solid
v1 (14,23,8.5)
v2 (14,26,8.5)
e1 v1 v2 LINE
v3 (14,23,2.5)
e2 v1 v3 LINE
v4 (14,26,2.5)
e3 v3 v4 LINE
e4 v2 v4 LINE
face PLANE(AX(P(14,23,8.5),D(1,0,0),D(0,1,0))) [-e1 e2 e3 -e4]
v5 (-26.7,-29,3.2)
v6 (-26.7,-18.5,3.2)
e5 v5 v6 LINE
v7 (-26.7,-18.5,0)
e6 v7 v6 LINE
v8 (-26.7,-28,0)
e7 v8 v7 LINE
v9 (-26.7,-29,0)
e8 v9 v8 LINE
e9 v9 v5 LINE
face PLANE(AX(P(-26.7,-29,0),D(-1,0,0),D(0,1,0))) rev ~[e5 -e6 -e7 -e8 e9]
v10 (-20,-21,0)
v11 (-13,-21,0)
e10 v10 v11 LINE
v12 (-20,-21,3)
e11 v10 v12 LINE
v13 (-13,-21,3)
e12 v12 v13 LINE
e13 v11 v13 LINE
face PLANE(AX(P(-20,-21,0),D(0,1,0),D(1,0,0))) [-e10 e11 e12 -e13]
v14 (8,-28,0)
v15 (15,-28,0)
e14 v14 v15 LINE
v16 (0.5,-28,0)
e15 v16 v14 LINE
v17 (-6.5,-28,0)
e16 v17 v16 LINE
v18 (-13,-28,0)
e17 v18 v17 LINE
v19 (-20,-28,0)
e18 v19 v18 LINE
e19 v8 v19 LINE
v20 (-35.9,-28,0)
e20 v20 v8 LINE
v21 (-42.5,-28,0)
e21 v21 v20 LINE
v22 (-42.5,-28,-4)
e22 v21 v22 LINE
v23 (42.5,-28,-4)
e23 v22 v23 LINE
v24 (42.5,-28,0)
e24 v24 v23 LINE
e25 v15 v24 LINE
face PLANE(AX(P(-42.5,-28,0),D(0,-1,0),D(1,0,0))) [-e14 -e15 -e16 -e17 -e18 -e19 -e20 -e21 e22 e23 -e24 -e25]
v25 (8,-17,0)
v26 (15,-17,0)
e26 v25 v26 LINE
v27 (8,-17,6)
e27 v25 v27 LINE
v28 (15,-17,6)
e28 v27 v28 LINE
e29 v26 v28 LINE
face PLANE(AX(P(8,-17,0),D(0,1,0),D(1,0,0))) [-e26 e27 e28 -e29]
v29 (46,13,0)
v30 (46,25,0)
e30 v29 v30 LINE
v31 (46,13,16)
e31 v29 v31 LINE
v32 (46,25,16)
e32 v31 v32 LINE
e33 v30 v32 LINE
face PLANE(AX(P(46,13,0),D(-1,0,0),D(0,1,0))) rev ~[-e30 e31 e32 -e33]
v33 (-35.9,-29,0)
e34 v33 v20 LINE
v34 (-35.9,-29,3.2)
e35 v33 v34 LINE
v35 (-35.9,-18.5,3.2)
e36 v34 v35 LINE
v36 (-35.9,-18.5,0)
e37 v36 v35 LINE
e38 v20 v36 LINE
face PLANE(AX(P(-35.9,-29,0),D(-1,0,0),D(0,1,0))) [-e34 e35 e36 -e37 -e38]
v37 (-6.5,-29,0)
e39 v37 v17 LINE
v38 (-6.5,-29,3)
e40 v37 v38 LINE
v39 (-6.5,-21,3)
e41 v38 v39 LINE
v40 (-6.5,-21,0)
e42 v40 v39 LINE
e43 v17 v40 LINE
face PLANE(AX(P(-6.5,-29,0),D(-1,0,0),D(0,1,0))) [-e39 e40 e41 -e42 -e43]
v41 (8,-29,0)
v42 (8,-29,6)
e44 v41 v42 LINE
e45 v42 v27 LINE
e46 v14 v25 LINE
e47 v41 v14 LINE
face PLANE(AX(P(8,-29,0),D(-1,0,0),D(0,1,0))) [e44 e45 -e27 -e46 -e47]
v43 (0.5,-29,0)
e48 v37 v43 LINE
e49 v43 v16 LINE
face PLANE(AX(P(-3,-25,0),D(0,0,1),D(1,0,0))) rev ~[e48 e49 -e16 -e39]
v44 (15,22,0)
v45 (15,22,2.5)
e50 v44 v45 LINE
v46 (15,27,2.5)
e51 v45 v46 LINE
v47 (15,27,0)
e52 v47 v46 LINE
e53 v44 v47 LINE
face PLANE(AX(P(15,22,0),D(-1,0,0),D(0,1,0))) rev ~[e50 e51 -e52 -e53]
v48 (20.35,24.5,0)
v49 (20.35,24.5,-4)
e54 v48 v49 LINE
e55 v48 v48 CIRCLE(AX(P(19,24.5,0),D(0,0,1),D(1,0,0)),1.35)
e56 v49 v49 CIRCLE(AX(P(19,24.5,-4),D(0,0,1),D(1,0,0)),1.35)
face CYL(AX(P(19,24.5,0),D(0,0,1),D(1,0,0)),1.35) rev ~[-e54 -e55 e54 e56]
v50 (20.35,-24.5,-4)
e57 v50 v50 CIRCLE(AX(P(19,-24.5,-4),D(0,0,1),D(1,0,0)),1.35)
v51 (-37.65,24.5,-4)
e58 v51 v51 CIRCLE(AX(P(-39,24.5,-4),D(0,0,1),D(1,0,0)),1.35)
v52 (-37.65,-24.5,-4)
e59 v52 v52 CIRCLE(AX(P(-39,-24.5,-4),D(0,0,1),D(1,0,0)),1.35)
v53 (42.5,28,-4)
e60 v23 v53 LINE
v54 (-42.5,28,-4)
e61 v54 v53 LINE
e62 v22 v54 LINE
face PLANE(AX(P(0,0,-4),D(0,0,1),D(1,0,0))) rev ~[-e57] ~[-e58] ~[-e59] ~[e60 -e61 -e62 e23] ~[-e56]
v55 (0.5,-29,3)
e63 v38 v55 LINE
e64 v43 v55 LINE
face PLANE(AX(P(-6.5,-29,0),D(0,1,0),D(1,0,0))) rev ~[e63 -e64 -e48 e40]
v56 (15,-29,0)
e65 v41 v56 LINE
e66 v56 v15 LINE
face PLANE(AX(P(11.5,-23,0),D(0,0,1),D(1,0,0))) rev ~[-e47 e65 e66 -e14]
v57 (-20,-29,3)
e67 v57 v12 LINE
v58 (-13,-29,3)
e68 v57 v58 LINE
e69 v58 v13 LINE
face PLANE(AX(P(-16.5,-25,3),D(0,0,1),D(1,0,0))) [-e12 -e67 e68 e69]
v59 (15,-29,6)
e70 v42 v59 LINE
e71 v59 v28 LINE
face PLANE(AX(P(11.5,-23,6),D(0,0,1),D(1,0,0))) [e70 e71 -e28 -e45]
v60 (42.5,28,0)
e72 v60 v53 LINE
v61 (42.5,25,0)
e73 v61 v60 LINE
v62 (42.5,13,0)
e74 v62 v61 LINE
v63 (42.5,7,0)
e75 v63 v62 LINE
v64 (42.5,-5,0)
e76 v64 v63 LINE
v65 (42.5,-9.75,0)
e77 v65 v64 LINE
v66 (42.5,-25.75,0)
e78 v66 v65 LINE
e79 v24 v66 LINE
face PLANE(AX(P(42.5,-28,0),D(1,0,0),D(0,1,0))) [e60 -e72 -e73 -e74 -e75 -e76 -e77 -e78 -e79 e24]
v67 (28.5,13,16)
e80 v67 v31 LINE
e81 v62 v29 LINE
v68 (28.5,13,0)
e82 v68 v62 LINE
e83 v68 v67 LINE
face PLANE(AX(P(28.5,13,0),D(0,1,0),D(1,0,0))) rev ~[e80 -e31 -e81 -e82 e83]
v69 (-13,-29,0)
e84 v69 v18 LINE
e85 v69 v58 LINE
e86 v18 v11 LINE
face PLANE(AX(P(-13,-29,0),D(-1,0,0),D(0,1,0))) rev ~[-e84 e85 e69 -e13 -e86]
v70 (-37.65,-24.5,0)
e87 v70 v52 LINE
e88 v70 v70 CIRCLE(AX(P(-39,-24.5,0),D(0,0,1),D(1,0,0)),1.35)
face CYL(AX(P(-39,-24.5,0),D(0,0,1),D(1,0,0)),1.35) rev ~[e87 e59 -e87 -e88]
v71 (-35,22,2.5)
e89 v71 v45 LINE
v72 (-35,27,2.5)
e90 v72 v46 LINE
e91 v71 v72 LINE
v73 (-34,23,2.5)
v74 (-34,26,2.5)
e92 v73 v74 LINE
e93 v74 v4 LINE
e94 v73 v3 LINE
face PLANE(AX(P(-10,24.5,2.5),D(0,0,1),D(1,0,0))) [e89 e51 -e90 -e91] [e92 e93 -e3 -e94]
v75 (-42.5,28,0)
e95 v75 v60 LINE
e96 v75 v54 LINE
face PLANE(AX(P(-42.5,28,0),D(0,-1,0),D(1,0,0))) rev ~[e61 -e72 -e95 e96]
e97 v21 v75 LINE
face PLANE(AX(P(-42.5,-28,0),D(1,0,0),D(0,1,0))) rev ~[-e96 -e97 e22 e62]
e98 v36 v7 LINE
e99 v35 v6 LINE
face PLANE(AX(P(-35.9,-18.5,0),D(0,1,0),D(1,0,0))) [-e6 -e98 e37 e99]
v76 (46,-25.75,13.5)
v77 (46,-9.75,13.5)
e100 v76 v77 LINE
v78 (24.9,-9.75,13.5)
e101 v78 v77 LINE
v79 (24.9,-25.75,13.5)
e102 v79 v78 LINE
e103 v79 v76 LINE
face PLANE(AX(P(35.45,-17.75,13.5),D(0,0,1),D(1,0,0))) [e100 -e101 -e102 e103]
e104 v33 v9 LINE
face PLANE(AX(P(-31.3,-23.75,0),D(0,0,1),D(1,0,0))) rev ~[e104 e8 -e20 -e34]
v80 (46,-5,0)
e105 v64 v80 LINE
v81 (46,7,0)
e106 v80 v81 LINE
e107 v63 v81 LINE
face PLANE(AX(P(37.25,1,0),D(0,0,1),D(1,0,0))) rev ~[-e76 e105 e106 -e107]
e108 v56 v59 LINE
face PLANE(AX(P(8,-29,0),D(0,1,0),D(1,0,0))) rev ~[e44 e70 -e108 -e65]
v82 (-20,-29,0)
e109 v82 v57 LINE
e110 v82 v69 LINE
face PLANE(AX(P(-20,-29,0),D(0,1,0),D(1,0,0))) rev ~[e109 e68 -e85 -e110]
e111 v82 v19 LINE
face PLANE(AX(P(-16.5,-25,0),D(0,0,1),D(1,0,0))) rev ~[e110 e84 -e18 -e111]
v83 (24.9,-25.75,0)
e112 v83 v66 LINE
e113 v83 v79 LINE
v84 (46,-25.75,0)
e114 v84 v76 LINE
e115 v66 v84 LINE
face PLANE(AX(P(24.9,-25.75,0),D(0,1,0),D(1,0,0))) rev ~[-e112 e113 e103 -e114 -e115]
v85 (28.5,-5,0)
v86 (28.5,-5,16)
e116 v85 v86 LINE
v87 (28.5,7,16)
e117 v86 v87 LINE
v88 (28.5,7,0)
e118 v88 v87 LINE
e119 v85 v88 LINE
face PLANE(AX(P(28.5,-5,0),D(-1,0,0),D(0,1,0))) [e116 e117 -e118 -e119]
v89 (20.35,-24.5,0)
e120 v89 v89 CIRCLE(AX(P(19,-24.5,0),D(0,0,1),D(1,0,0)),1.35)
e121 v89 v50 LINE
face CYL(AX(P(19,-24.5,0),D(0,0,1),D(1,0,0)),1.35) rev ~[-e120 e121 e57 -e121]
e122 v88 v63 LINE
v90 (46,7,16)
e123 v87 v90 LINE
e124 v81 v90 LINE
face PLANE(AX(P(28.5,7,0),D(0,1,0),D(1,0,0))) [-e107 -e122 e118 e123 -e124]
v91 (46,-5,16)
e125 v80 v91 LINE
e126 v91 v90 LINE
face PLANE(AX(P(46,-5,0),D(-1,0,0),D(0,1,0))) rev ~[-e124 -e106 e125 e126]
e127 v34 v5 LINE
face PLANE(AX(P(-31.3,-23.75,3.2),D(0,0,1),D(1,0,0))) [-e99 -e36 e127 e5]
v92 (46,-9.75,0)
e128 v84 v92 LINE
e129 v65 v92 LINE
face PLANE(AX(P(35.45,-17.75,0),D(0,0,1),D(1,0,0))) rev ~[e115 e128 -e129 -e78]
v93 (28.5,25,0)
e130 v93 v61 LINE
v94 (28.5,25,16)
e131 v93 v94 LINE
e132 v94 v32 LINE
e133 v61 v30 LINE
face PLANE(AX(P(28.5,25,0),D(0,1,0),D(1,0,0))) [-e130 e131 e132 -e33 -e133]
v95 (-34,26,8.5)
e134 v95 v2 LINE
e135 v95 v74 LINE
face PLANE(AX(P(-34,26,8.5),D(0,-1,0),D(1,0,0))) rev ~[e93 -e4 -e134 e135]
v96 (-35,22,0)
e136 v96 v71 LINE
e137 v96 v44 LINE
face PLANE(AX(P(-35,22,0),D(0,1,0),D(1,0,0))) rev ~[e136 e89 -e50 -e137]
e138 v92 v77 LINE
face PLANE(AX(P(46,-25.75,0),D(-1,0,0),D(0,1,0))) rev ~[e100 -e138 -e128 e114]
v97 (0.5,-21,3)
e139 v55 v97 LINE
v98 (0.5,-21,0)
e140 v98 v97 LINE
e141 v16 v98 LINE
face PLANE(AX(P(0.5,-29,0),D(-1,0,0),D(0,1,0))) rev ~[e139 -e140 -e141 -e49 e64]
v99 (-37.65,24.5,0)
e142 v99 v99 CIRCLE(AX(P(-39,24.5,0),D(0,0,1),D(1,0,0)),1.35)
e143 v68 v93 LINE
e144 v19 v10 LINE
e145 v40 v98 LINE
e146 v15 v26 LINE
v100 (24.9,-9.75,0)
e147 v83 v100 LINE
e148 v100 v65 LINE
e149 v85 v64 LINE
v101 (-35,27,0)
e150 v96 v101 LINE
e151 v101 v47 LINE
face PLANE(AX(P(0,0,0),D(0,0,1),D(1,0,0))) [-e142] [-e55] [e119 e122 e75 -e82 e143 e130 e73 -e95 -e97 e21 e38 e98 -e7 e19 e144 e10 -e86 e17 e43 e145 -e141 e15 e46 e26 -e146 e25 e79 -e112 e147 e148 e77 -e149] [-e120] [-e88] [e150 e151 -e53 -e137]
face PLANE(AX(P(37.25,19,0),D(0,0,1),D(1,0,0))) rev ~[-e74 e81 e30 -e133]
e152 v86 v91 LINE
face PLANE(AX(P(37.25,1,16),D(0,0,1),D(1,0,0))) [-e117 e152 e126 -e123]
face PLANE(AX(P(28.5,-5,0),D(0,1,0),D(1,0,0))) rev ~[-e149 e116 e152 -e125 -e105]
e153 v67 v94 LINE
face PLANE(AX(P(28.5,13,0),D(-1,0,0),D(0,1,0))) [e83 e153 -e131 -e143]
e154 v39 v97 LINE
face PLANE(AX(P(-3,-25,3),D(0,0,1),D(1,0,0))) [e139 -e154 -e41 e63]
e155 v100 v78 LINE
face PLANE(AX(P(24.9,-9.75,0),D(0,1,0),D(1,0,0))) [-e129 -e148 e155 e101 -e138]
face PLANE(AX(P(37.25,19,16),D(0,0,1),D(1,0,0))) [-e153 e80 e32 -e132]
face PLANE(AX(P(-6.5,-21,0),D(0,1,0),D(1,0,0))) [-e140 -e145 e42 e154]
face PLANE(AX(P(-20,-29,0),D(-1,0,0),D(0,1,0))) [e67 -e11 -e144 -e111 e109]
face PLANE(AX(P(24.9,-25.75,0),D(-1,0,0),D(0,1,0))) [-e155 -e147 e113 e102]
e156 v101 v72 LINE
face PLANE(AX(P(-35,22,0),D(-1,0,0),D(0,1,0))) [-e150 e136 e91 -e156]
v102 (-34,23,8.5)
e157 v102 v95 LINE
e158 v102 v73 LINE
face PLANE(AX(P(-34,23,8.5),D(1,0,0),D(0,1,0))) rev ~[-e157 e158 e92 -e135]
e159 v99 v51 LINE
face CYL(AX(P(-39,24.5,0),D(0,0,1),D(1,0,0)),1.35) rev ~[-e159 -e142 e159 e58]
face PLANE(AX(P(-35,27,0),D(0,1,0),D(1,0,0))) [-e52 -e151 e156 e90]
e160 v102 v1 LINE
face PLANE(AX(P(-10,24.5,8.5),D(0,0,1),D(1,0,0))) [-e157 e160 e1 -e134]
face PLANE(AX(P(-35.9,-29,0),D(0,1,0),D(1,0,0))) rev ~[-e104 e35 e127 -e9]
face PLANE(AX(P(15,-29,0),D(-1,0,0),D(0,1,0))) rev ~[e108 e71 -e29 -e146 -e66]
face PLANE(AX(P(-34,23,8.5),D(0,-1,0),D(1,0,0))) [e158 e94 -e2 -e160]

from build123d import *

# Parameters (mm, degrees)
SKETCH_W      = 85
SKETCH_H      = 56
SKETCH_R      = 1.35
PAD_DEPTH     = 4
SKETCH001_W   = 50
SKETCH001_H   = 5
PAD001_DEPTH  = 8.5
SKETCH002_W   = 50
SKETCH002_H   = 5
SKETCH002_W_2 = 48
SKETCH002_H_2 = 3
POCKET_DEPTH  = 6
SKETCH003_W   = 17.5
SKETCH003_H   = 12
PAD002_DEPTH  = 16
SKETCH004_W   = 21.1
SKETCH004_H   = 16
PAD003_DEPTH  = 13.5
SKETCH005_W   = 9.2
SKETCH005_H   = 10.5
PAD004_DEPTH  = 3.2
SKETCH006_W   = 7
SKETCH006_H   = 8
PAD005_DEPTH  = 3
SKETCH007_W   = 7
SKETCH007_H   = 12
PAD006_DEPTH  = 6


with BuildPart() as part:
    # Sketch → Pad (new body)
    with BuildSketch(Plane.XY):
        Rectangle(SKETCH_W, SKETCH_H)
        with Locations((-39, 24.5)):
            Circle(SKETCH_R, mode=Mode.SUBTRACT)
        with Locations((19, 24.5)):
            Circle(SKETCH_R, mode=Mode.SUBTRACT)
        with Locations((-39, -24.5)):
            Circle(SKETCH_R, mode=Mode.SUBTRACT)
        with Locations((19, -24.5)):
            Circle(SKETCH_R, mode=Mode.SUBTRACT)
    extrude(amount=-PAD_DEPTH)

    # Sketch001 (on Face9 of Pad) → Pad001 (join)
    with BuildSketch(Plane.XY):
        with Locations((-10, 24.5)):
            Rectangle(SKETCH001_W, SKETCH001_H)
    extrude(amount=PAD001_DEPTH)

    # Sketch002 (on Face15 of Pad001) → Pocket (cut)
    with BuildSketch(Plane.XY.offset(8.5)):
        with Locations((-10, 24.5)):
            Rectangle(SKETCH002_W, SKETCH002_H)
        with Locations((-10, 24.5)):
            Rectangle(SKETCH002_W_2, SKETCH002_H_2, mode=Mode.SUBTRACT)
    extrude(amount=-POCKET_DEPTH, mode=Mode.SUBTRACT)

    # Sketch003 (on Face4 of Pocket) → Pad002 (join)
    with BuildSketch(Plane.XY):
        with Locations((37.25, 19)):
            Rectangle(SKETCH003_W, SKETCH003_H)
        with Locations((37.25, 1)):
            Rectangle(SKETCH003_W, SKETCH003_H)
    extrude(amount=PAD002_DEPTH)

    # Sketch004 (on Face4 of Pad002) → Pad003 (join)
    with BuildSketch(Plane.XY):
        with Locations((35.45, -17.75)):
            Rectangle(SKETCH004_W, SKETCH004_H)
    extrude(amount=PAD003_DEPTH)

    # Sketch005 (on Face4 of Pad003) → Pad004 (join)
    with BuildSketch(Plane.XY):
        with Locations((-31.3, -23.75)):
            Rectangle(SKETCH005_W, SKETCH005_H)
    extrude(amount=PAD004_DEPTH)

    # Sketch006 (on Face4 of Pad004) → Pad005 (join)
    with BuildSketch(Plane.XY):
        with Locations((-16.5, -25)):
            Rectangle(SKETCH006_W, SKETCH006_H)
        with Locations((-3, -25)):
            Rectangle(SKETCH006_W, SKETCH006_H)
    extrude(amount=PAD005_DEPTH)

    # Sketch007 (on Face4 of Pad005) → Pad006 (join)
    with BuildSketch(Plane.XY):
        with Locations((11.5, -23)):
            Rectangle(SKETCH007_W, SKETCH007_H)
    extrude(amount=PAD006_DEPTH)


solid = part.part
